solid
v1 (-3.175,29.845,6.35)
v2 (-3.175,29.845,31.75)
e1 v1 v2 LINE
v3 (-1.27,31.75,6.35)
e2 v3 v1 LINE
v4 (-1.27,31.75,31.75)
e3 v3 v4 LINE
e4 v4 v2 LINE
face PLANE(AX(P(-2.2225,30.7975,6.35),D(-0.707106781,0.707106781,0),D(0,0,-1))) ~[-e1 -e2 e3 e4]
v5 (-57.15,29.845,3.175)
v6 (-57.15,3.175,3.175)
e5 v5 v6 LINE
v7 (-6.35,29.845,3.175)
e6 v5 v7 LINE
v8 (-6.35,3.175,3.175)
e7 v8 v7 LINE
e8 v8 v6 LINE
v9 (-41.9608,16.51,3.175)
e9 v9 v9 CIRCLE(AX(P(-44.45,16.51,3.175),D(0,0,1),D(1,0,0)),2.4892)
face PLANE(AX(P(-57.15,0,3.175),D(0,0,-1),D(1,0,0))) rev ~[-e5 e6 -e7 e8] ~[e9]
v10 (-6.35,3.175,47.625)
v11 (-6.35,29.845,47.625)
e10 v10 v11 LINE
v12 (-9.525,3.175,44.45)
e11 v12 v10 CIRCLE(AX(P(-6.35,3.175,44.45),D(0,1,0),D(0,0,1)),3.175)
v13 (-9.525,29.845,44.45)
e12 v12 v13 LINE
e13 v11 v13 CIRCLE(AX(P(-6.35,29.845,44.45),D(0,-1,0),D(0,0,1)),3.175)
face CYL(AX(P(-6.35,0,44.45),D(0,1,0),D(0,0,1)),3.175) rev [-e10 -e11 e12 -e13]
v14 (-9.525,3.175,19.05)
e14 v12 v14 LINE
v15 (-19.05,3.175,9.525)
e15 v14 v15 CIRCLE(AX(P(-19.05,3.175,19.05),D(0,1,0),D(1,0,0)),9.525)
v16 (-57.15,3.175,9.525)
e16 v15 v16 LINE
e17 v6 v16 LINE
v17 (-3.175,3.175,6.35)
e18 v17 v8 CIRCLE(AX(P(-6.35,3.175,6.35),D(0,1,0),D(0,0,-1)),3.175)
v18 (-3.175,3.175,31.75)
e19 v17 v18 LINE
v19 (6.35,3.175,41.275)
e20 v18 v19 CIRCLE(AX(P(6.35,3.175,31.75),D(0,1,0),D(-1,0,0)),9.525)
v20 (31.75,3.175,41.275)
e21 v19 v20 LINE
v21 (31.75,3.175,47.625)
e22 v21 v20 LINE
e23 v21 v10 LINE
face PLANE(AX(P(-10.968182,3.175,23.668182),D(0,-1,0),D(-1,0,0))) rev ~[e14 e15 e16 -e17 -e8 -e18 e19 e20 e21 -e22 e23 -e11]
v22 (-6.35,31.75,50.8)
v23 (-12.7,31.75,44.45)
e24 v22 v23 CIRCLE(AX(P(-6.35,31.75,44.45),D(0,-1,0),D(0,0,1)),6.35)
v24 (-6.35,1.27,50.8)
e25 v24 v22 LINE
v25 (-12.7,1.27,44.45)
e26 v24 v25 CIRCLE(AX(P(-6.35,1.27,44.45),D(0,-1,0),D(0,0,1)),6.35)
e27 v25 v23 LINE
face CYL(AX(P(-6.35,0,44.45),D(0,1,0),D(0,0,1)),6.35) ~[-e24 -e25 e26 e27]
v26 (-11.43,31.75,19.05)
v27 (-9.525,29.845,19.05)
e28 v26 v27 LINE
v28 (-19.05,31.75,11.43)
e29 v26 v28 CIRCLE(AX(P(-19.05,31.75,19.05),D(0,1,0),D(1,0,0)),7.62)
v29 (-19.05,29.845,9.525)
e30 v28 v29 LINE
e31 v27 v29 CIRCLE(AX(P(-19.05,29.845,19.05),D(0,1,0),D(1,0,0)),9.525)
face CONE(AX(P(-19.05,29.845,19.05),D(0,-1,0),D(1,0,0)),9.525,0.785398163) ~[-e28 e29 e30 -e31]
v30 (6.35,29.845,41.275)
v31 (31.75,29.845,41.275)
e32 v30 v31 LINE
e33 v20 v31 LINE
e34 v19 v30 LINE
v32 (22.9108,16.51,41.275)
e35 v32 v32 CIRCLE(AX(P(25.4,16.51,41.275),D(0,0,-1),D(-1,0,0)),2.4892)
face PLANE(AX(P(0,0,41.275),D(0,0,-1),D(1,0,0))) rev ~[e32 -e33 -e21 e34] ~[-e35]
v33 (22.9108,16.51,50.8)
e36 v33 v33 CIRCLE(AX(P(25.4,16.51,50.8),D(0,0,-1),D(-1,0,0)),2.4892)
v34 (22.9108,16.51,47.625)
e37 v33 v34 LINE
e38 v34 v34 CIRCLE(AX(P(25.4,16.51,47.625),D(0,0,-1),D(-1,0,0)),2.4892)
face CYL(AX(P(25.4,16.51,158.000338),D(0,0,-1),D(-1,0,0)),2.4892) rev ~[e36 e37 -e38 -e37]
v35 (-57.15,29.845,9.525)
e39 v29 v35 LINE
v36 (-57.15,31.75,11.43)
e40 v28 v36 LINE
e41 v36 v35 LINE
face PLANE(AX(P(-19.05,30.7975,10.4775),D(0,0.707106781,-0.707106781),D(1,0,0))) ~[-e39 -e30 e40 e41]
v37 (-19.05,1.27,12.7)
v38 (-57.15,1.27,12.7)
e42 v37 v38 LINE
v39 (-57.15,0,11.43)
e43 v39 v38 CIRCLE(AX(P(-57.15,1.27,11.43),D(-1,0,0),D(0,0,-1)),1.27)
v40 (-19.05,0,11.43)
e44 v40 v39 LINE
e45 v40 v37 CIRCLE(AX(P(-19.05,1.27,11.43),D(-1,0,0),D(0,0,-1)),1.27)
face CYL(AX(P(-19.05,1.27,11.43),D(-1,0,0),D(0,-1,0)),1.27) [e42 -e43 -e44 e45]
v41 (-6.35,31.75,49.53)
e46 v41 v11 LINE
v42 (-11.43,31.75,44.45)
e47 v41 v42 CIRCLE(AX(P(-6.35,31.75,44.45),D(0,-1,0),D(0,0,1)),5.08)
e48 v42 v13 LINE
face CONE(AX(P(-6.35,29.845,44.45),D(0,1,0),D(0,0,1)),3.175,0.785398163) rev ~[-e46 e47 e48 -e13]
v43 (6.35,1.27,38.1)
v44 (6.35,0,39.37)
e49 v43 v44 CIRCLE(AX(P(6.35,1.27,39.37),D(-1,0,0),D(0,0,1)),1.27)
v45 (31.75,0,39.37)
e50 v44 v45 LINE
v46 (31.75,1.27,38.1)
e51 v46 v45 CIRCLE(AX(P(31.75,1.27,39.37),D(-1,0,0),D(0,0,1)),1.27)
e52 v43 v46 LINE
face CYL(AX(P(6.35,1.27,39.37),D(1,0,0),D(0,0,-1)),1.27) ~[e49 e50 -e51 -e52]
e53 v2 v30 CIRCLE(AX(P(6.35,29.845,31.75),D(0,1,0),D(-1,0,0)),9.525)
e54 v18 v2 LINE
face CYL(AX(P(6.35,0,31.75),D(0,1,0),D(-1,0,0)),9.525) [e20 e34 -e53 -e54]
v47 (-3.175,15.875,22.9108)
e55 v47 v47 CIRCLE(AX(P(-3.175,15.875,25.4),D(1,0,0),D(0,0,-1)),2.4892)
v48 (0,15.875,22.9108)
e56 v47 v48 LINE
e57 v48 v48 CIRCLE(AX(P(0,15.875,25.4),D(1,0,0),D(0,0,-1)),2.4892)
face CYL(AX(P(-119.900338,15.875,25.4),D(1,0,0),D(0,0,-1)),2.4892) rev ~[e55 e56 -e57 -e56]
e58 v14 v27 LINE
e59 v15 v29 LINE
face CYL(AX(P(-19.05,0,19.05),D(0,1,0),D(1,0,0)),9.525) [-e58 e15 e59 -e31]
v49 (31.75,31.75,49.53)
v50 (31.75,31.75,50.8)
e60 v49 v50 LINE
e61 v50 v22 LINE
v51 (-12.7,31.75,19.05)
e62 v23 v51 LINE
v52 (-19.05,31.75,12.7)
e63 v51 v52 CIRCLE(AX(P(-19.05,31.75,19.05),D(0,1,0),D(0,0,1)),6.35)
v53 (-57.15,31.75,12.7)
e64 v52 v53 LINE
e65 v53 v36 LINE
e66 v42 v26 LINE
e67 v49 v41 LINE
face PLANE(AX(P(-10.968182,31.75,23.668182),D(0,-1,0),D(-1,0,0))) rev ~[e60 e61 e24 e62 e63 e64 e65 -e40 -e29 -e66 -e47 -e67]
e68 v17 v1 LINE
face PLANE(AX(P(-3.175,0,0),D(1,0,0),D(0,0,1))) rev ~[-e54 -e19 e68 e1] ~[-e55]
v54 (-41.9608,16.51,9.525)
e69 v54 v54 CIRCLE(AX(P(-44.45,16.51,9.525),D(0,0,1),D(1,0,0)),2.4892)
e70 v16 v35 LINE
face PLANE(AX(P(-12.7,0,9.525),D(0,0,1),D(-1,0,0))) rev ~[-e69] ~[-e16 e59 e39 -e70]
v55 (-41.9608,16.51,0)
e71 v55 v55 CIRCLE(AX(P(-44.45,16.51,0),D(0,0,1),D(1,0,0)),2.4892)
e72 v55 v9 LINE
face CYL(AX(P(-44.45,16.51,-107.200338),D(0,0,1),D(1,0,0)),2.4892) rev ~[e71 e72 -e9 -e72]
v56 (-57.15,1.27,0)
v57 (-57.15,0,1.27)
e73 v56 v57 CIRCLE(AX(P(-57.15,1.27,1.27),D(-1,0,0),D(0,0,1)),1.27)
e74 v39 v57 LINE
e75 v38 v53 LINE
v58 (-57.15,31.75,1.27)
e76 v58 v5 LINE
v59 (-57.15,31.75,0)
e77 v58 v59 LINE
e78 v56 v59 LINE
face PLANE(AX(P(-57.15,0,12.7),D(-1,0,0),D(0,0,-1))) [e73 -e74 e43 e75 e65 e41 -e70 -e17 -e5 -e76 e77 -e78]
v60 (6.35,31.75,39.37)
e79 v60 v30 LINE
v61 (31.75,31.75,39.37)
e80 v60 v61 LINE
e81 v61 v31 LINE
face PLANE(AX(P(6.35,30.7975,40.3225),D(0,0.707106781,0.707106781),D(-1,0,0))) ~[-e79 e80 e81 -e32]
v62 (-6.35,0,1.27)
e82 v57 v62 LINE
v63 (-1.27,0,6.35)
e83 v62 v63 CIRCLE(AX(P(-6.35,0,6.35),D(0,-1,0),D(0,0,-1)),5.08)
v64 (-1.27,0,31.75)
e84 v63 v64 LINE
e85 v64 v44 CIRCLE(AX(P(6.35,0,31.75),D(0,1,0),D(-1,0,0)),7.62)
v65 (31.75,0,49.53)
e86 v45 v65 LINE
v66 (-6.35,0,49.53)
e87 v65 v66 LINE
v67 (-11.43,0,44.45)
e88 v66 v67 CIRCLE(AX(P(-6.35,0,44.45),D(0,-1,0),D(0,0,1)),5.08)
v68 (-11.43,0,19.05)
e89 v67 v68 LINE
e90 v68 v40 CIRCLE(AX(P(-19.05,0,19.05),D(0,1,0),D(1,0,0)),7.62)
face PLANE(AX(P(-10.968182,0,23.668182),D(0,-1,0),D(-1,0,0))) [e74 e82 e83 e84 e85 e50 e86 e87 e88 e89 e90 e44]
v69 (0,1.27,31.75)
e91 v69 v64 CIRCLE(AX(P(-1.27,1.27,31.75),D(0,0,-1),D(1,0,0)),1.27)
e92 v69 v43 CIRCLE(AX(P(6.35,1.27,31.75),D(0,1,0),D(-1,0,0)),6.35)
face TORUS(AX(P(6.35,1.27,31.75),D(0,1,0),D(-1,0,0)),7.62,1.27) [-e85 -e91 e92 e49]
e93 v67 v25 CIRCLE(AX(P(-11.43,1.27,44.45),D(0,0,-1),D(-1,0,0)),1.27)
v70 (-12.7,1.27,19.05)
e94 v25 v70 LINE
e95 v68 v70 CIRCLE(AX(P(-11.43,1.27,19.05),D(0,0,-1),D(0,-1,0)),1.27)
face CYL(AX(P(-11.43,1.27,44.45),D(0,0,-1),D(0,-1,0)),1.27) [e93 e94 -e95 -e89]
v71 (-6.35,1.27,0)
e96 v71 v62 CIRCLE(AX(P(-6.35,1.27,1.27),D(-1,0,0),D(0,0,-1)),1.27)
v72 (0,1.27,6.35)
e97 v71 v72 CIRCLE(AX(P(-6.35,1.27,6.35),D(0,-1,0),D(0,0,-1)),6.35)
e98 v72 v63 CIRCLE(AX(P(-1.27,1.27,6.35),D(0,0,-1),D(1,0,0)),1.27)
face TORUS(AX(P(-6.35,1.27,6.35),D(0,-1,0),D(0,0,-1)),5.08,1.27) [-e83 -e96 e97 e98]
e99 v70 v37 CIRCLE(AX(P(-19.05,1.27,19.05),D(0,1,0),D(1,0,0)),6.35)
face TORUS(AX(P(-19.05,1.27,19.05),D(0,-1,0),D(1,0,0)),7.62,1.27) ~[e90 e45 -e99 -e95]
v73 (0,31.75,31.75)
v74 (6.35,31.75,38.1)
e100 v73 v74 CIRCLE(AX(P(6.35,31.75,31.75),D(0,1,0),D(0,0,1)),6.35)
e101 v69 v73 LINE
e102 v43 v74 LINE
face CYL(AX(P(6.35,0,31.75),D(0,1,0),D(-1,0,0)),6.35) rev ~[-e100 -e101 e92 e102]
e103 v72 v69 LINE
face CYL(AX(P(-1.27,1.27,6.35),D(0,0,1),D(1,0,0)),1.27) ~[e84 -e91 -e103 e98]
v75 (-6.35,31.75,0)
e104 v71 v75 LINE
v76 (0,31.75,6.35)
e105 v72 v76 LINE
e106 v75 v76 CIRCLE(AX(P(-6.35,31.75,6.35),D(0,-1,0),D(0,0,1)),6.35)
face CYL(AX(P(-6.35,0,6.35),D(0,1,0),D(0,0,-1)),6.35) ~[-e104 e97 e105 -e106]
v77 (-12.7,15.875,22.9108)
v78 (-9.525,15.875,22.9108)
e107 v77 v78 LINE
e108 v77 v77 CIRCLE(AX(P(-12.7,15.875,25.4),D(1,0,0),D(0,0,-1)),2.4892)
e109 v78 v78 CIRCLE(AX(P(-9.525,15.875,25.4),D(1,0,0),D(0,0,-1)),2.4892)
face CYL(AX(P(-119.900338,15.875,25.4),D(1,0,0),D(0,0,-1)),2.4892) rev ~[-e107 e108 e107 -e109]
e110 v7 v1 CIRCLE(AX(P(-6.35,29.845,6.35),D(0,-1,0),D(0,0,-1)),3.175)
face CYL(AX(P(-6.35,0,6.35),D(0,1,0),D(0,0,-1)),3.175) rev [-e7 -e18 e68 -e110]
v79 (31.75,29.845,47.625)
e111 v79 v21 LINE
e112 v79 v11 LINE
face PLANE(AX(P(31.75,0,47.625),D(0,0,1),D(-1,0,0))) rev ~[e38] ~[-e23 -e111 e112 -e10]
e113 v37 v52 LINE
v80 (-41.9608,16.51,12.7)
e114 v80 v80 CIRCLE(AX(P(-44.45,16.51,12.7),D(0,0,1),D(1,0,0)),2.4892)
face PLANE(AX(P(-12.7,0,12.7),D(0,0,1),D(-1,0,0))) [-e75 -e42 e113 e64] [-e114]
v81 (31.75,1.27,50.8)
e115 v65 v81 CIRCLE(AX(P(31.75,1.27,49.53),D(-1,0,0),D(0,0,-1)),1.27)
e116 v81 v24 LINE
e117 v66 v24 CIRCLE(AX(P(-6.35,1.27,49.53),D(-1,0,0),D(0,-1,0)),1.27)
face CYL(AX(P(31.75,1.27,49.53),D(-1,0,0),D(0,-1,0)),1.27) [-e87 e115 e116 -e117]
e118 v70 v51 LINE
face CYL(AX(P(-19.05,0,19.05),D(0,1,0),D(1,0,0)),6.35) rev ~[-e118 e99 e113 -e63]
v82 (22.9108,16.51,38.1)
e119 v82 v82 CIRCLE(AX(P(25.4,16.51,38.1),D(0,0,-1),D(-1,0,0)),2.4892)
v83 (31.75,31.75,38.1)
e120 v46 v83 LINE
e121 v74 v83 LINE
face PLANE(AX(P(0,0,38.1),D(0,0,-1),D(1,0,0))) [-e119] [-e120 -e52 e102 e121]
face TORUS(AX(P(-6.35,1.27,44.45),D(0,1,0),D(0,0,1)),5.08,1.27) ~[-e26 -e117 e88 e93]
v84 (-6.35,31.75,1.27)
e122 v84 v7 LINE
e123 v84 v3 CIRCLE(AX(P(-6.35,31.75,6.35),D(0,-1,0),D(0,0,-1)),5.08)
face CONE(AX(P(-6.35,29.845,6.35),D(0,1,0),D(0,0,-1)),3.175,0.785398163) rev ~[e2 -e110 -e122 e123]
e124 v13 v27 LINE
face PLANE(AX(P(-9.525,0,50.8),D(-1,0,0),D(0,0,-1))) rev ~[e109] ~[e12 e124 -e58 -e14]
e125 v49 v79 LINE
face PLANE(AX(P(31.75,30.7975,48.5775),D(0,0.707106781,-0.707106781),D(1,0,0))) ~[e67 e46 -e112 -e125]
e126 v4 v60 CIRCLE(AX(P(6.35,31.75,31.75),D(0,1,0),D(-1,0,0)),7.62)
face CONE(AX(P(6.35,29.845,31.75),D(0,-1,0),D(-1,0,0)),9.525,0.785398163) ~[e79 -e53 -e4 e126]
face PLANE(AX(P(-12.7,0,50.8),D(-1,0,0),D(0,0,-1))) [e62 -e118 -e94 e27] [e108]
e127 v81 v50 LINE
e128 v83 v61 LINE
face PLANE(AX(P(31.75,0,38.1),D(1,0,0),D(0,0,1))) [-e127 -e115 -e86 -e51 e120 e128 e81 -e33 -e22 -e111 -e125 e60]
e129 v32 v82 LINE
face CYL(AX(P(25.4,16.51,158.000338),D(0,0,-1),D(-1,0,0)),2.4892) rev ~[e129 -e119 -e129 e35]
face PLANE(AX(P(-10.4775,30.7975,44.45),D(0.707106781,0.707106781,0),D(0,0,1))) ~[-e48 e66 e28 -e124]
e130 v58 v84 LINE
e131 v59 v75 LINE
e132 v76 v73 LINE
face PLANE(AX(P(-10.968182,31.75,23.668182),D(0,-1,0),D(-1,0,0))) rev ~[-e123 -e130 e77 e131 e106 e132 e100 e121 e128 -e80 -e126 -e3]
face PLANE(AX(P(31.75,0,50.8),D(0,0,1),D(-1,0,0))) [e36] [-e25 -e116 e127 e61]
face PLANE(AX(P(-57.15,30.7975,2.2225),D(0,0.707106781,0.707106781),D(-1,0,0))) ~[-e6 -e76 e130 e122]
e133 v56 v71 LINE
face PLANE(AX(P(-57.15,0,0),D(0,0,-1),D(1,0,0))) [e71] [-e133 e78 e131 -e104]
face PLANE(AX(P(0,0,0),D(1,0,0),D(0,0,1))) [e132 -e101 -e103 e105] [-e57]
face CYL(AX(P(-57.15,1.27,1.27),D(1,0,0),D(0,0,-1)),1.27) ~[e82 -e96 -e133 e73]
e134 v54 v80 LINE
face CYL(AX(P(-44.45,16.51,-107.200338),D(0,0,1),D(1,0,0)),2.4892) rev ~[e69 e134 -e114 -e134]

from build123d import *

# Parameters (mm, degrees)
BOSS_EXTRUDE1_DEPTH        = 31.75
FILLET1_R                  = 6.35
SHELL1_T                   = -3.175
FILLET2_R                  = 1.27
CHAMFER1_SIZE              = 1.905
F_9_0_196_DIAMETER_HOLE1_D = 4.9784
F_9_0_196_DIAMETER_HOLE2_D = 4.9784
F_9_0_196_DIAMETER_HOLE3_D = 4.9784


with BuildPart() as part:
    # Sketch1 → Boss-Extrude1 (new body)
    with BuildSketch(Plane(origin=(0, 0, 0), x_dir=(1, 0, 0), z_dir=(0, 1, 0))):
        Polygon((-57.15, 0), (0, 0), (0, -38.1), (31.75, -38.1), (31.75, -50.8), (-12.7, -50.8), (-12.7, -12.7), (-57.15, -12.7), align=None)
    extrude(amount=BOSS_EXTRUDE1_DEPTH)

    # Fillet1
    fillet1_edges = [part.edges().sort_by_distance(p)[0] for p in [
        (0, 15.875, 0),
        (0, 15.875, 38.1),
        (-12.7, 15.875, 50.8),
        (-12.7, 15.875, 12.7),
    ]]
    fillet(fillet1_edges, radius=FILLET1_R)

    # Shell1
    shell1_openings = [part.faces().sort_by_distance(p)[0] for p in [
        (-8.466666667, 31.75, 25.4),
        (31.75, 15.875, 44.45),
        (-57.15, 15.875, 6.35),
    ]]
    offset(amount=SHELL1_T, openings=shell1_openings, kind=Kind.INTERSECTION)

    # Fillet2
    fillet2_edges = [part.edges().sort_by_distance(p)[0] for p in [
        (-38.1, 0, 12.7),
        (12.7, 0, 50.8),
        (-31.75, 0, 0),
        (0, 0, 19.05),
        (-12.7, 0, 31.75),
        (-1.859871939, 0, 1.859871939),
        (-10.840128061, 0, 48.940128061),
        (-14.559871939, 0, 14.559871939),
        (1.859871939, 0, 36.240128061),
        (19.05, 0, 38.1),
    ]]
    fillet(fillet2_edges, radius=FILLET2_R)

    # Chamfer1
    chamfer1_edges = [part.edges().sort_by_distance(p)[0] for p in [
        (-9.525, 31.75, 31.75),
        (-8.59506403, 31.75, 46.69506403),
        (12.7, 31.75, 47.625),
        (19.05, 31.75, 41.275),
        (-0.385192091, 31.75, 38.485192091),
        (-3.175, 31.75, 19.05),
        (-4.10493597, 31.75, 4.10493597),
        (-31.75, 31.75, 3.175),
        (-38.1, 31.75, 9.525),
        (-12.314807909, 31.75, 12.314807909),
    ]]
    chamfer(chamfer1_edges, length=CHAMFER1_SIZE)

    # #9 (0.196) Diameter Hole1 (through all)
    with Locations(Plane.ZY.offset(12.7)):
        with Locations((25.4, 15.875)):
            Hole(F_9_0_196_DIAMETER_HOLE1_D / 2)

    # #9 (0.196) Diameter Hole2 (through all)
    with Locations(Plane(origin=(0, 0, 0), x_dir=(-1, 0, 0), z_dir=(0, 0, -1))):
        with Locations((44.45, 16.51)):
            Hole(F_9_0_196_DIAMETER_HOLE2_D / 2)

    # #9 (0.196) Diameter Hole3 (through all)
    with Locations(Plane.XY.offset(50.8)):
        with Locations((25.4, 16.51)):
            Hole(F_9_0_196_DIAMETER_HOLE3_D / 2)


solid = part.part
